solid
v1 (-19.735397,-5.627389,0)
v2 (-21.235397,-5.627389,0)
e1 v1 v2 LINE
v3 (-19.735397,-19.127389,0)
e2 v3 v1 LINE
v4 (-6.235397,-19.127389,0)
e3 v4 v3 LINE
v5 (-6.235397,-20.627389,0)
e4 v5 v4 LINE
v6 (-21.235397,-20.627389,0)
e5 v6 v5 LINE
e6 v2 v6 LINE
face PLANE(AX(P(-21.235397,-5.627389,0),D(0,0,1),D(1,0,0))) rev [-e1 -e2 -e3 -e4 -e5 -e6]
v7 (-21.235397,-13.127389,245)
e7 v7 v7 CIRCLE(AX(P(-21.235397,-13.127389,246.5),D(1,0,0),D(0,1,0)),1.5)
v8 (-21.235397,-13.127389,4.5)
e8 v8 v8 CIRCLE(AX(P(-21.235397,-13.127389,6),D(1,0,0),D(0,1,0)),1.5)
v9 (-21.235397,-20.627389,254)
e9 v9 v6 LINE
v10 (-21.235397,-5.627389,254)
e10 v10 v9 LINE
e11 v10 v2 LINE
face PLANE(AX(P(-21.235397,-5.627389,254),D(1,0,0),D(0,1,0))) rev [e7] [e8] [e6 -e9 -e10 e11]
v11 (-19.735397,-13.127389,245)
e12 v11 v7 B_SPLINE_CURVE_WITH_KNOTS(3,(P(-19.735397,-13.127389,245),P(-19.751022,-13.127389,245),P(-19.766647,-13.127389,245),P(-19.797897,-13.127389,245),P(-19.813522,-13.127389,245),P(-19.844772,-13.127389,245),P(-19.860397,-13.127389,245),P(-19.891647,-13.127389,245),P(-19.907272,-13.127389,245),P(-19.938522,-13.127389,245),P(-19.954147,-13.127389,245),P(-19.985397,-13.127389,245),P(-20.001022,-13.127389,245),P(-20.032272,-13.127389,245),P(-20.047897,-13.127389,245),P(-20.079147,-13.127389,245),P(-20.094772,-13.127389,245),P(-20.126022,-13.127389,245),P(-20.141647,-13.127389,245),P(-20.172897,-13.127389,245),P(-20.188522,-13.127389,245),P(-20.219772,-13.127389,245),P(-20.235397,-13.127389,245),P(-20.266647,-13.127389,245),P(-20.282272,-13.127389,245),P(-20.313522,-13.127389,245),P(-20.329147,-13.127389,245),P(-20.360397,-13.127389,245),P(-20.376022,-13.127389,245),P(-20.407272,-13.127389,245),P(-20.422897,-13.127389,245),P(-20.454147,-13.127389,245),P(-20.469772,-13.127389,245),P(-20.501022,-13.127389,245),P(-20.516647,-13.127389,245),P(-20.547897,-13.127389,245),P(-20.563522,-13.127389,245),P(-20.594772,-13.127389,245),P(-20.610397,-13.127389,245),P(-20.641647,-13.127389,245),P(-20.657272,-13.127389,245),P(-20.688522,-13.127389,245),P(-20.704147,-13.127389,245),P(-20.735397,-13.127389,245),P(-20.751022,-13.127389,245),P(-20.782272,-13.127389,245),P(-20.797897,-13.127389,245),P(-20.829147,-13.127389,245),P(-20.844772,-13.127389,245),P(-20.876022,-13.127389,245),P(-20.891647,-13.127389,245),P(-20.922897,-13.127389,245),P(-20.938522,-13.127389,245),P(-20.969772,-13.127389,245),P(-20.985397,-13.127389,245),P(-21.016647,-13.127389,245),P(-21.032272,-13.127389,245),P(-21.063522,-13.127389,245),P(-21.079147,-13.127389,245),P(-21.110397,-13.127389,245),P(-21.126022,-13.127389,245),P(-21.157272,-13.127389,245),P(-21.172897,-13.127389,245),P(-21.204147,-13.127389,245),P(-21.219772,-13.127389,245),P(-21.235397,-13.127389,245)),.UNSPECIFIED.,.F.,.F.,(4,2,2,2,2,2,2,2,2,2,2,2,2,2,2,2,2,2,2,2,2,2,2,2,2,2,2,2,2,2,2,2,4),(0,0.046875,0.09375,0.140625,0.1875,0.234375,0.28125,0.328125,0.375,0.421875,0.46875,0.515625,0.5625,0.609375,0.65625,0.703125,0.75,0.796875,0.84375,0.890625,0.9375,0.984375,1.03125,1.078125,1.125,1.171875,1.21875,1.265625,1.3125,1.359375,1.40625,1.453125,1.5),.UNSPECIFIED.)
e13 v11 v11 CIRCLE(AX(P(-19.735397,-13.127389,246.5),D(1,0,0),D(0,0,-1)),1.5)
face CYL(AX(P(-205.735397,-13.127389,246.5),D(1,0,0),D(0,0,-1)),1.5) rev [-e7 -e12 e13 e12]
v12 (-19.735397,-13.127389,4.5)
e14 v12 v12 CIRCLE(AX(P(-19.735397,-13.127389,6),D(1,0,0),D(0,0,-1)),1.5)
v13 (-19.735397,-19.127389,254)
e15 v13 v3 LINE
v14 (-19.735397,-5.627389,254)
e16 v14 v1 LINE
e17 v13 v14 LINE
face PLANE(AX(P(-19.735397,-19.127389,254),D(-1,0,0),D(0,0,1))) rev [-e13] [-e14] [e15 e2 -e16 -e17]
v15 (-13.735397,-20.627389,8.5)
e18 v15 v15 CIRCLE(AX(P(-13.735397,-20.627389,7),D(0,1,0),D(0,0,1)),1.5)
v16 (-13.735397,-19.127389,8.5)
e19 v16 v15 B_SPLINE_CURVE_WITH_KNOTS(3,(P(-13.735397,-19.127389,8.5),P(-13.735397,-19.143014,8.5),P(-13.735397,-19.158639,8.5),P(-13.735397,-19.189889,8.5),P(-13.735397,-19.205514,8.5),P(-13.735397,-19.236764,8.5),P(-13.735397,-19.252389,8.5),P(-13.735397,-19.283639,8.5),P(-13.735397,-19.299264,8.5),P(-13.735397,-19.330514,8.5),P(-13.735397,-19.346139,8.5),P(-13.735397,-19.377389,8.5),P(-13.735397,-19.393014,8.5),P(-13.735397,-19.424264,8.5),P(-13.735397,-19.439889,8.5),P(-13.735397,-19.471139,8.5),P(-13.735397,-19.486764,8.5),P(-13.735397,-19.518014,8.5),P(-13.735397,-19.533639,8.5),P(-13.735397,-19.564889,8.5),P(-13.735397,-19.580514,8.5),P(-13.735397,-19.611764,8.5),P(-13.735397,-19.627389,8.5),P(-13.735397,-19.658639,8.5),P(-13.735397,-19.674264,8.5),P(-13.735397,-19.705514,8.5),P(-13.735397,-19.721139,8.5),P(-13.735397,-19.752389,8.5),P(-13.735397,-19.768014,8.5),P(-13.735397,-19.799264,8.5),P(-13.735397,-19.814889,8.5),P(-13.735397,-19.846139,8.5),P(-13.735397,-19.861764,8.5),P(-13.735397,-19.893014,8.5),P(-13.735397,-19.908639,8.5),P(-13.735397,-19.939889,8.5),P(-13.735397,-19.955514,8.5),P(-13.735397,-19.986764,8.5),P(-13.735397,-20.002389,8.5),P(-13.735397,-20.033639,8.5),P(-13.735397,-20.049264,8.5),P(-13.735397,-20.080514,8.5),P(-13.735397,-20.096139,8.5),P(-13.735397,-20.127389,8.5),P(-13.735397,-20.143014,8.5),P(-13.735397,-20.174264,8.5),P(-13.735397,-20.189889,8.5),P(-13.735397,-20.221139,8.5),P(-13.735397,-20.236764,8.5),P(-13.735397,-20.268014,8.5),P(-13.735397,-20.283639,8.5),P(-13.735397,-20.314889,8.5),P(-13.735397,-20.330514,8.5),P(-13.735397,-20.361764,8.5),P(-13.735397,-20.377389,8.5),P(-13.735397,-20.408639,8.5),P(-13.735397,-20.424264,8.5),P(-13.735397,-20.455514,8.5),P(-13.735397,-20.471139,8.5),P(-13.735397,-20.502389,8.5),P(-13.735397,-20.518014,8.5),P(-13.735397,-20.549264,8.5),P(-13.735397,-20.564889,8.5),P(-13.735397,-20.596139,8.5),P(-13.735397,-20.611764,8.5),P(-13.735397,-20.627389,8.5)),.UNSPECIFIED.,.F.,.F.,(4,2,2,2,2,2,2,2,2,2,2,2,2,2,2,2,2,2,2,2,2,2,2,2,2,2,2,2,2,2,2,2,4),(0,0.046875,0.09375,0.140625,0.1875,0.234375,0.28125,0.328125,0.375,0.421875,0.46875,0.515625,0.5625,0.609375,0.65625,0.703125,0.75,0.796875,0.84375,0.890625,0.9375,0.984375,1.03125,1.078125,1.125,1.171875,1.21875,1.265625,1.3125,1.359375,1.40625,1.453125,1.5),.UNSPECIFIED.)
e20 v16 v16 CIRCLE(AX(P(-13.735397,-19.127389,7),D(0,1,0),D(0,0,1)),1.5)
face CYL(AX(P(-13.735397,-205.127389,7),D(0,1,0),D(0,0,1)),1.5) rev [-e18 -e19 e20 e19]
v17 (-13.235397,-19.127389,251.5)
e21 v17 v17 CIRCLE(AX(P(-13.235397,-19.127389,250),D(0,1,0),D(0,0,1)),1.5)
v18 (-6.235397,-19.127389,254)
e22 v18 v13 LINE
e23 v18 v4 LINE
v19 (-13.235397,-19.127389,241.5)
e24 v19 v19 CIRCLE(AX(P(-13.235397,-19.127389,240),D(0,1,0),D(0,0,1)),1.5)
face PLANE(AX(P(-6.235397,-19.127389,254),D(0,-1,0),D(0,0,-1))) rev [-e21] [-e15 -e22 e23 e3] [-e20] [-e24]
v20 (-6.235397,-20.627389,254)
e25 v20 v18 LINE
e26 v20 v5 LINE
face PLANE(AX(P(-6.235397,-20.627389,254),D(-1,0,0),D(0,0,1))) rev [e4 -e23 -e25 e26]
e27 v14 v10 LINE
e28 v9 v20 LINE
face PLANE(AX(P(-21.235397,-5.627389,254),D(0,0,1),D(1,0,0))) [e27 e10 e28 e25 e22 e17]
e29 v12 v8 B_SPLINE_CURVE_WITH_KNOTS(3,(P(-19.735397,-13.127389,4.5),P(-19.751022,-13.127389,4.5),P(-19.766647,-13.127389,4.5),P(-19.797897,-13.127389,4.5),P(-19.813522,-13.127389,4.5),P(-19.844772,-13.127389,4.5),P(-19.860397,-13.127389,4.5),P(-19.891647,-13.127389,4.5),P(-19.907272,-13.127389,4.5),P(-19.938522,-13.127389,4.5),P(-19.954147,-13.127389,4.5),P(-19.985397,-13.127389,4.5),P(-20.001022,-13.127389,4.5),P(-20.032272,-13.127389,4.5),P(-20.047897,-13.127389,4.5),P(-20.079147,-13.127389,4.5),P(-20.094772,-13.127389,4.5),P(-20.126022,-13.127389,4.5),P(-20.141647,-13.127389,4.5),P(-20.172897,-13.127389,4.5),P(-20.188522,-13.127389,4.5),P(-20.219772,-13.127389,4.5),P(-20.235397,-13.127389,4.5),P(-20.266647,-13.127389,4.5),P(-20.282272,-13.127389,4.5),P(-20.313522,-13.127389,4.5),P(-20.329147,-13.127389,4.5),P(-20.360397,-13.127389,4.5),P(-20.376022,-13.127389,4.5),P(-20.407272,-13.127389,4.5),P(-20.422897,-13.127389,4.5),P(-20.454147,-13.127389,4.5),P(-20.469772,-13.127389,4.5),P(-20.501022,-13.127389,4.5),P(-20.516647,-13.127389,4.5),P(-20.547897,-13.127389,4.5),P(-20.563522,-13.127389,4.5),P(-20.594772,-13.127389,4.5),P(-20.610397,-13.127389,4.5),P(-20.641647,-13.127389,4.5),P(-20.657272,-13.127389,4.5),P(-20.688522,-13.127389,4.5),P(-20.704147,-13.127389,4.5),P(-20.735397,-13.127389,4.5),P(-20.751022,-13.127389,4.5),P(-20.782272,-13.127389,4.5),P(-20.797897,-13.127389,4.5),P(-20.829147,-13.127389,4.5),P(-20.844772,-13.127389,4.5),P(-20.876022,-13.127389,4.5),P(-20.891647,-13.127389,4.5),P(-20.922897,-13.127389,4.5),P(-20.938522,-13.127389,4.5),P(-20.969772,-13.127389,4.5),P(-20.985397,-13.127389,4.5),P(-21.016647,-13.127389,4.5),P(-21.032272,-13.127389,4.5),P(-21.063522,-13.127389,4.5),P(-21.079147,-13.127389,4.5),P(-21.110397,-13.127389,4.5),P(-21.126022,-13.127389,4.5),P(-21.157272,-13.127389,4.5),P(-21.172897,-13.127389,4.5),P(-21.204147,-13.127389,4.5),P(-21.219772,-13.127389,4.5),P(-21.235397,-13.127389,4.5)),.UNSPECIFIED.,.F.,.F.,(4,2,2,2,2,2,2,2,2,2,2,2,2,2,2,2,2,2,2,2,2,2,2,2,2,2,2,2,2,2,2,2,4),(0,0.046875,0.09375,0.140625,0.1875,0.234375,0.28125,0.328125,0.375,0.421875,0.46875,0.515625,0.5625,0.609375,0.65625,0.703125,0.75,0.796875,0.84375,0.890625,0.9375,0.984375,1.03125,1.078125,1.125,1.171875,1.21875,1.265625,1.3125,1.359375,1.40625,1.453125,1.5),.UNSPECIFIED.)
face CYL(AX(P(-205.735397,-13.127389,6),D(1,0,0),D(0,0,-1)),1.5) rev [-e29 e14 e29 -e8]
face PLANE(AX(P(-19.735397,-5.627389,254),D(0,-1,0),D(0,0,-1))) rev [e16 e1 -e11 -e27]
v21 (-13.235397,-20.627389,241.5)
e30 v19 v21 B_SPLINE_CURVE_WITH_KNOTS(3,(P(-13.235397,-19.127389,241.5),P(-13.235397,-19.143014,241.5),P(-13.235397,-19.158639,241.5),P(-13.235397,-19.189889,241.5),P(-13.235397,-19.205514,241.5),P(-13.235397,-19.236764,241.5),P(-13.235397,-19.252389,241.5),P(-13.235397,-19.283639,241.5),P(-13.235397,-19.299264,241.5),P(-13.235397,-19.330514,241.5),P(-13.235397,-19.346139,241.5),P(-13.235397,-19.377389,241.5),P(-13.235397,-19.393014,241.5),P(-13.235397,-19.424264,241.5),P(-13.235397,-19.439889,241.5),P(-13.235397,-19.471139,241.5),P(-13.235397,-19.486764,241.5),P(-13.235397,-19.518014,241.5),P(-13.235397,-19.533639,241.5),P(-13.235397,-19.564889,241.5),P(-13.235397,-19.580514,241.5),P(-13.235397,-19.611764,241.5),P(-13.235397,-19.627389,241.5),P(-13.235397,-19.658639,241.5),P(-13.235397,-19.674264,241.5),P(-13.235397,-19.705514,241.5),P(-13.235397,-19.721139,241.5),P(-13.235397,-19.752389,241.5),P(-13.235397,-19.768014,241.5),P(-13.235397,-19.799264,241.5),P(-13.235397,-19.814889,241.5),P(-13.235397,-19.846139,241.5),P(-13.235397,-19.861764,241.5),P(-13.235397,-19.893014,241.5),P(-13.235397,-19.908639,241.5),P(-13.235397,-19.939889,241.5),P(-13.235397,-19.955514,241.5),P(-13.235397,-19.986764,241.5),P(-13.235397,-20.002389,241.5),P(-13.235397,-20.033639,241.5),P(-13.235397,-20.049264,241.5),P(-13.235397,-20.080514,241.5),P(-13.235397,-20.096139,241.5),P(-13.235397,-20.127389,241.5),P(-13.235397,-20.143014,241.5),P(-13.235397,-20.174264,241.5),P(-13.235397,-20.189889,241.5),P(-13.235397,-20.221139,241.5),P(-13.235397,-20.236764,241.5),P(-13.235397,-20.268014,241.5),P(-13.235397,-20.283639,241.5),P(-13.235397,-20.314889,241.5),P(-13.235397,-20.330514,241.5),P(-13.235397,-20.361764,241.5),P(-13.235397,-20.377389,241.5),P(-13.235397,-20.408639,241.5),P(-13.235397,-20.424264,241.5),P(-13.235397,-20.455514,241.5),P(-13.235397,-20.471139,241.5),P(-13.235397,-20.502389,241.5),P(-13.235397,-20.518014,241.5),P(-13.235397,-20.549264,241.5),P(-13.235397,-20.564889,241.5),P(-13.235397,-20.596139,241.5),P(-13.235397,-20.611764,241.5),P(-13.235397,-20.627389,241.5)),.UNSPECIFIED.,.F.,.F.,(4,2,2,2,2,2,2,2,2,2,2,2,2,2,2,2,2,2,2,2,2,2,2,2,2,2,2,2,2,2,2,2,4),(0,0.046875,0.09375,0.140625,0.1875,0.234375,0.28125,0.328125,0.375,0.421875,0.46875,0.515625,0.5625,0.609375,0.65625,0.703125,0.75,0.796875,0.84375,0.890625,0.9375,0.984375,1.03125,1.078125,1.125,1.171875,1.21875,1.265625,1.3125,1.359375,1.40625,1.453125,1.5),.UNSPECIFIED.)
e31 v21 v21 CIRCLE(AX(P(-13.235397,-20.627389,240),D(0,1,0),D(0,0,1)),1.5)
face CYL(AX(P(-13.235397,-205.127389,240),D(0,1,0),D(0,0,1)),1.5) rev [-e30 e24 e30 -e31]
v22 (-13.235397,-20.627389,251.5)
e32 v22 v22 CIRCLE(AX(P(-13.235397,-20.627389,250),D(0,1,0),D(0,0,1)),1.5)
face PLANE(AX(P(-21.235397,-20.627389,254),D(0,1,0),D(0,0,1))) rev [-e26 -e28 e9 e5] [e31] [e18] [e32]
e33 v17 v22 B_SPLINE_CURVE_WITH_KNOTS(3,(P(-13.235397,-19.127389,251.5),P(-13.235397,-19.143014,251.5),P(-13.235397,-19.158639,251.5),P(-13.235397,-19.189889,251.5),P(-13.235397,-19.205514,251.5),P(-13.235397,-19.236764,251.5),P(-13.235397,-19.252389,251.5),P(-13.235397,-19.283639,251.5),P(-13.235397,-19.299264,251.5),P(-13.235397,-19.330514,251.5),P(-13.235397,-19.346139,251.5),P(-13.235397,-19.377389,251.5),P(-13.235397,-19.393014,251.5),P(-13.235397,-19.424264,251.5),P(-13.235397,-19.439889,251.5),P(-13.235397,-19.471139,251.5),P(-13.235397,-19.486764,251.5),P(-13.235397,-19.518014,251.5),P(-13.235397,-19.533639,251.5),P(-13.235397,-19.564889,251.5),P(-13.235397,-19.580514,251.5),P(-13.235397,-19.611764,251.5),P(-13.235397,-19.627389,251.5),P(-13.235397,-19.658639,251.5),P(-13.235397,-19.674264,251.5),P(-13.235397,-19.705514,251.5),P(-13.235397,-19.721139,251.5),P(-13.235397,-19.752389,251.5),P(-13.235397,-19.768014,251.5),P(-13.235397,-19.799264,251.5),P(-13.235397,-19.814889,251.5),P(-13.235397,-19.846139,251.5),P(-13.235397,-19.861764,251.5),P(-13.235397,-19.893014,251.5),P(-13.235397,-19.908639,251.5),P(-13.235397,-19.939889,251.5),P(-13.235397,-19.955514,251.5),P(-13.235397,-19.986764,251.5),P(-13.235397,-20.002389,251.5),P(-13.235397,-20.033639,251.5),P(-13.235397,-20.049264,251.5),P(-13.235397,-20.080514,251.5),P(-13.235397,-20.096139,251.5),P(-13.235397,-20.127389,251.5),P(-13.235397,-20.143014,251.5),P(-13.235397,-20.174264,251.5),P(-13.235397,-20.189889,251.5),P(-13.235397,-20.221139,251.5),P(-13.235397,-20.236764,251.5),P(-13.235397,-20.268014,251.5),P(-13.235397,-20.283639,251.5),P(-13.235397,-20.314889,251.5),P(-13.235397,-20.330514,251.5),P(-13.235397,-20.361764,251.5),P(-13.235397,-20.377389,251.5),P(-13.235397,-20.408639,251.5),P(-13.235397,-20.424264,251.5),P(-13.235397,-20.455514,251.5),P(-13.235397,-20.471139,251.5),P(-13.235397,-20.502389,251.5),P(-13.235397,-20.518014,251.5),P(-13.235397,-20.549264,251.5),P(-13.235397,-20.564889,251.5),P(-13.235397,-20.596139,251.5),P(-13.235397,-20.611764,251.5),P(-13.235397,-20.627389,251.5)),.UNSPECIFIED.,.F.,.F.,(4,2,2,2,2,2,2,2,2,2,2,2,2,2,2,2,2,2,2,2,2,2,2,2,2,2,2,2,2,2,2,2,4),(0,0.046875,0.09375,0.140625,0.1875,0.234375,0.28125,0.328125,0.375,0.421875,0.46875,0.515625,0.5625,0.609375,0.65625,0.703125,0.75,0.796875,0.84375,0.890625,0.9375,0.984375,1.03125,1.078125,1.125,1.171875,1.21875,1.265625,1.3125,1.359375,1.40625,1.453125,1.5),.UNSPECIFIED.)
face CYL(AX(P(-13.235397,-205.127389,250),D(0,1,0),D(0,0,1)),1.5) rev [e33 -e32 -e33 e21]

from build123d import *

# Parameters (mm, degrees)
EXTRUSION1_DEPTH = 254
ESQUISSE2_R      = 1.5
EXTRUSION2_DEPTH = 186
ESQUISSE3_R      = 1.5
EXTRUSION3_DEPTH = 186


with BuildPart() as part:
    # Esquisse1 → Extrusion1 (new body)
    with BuildSketch(Plane.XY):
        Polygon((-21.235396624, -5.627388535), (-21.235396624, -20.627388535), (-6.235396624, -20.627388535), (-6.235396624, -19.127388535), (-19.735396624, -19.127388535), (-19.735396624, -5.627388535), align=None)
    extrude(amount=EXTRUSION1_DEPTH)

    # Esquisse2 → Extrusion2 (cut)
    with BuildSketch(Plane(origin=(0, -19.127388535, 0), x_dir=(-1, 0, 0), z_dir=(0, 1, 0))):
        with Locations(Location((13.735396624, 7, 0), (0, 0, 90))):
            Circle(ESQUISSE2_R)
        with Locations(Location((13.235396624, 250, 0), (0, 0, 90))):
            Circle(ESQUISSE2_R)
        with Locations(Location((13.235396624, 240, 0), (0, 0, 90))):
            Circle(ESQUISSE2_R)
    extrude(amount=-EXTRUSION2_DEPTH, mode=Mode.SUBTRACT)

    # Esquisse3 → Extrusion3 (cut)
    with BuildSketch(Plane(origin=(-19.735396624, 0, 0), x_dir=(0, 0, -1), z_dir=(1, 0, 0))):
        with Locations((-6, -13.127388535)):
            Circle(ESQUISSE3_R)
        with Locations((-246.5, -13.127388535)):
            Circle(ESQUISSE3_R)
    extrude(amount=-EXTRUSION3_DEPTH, mode=Mode.SUBTRACT)


solid = part.part
